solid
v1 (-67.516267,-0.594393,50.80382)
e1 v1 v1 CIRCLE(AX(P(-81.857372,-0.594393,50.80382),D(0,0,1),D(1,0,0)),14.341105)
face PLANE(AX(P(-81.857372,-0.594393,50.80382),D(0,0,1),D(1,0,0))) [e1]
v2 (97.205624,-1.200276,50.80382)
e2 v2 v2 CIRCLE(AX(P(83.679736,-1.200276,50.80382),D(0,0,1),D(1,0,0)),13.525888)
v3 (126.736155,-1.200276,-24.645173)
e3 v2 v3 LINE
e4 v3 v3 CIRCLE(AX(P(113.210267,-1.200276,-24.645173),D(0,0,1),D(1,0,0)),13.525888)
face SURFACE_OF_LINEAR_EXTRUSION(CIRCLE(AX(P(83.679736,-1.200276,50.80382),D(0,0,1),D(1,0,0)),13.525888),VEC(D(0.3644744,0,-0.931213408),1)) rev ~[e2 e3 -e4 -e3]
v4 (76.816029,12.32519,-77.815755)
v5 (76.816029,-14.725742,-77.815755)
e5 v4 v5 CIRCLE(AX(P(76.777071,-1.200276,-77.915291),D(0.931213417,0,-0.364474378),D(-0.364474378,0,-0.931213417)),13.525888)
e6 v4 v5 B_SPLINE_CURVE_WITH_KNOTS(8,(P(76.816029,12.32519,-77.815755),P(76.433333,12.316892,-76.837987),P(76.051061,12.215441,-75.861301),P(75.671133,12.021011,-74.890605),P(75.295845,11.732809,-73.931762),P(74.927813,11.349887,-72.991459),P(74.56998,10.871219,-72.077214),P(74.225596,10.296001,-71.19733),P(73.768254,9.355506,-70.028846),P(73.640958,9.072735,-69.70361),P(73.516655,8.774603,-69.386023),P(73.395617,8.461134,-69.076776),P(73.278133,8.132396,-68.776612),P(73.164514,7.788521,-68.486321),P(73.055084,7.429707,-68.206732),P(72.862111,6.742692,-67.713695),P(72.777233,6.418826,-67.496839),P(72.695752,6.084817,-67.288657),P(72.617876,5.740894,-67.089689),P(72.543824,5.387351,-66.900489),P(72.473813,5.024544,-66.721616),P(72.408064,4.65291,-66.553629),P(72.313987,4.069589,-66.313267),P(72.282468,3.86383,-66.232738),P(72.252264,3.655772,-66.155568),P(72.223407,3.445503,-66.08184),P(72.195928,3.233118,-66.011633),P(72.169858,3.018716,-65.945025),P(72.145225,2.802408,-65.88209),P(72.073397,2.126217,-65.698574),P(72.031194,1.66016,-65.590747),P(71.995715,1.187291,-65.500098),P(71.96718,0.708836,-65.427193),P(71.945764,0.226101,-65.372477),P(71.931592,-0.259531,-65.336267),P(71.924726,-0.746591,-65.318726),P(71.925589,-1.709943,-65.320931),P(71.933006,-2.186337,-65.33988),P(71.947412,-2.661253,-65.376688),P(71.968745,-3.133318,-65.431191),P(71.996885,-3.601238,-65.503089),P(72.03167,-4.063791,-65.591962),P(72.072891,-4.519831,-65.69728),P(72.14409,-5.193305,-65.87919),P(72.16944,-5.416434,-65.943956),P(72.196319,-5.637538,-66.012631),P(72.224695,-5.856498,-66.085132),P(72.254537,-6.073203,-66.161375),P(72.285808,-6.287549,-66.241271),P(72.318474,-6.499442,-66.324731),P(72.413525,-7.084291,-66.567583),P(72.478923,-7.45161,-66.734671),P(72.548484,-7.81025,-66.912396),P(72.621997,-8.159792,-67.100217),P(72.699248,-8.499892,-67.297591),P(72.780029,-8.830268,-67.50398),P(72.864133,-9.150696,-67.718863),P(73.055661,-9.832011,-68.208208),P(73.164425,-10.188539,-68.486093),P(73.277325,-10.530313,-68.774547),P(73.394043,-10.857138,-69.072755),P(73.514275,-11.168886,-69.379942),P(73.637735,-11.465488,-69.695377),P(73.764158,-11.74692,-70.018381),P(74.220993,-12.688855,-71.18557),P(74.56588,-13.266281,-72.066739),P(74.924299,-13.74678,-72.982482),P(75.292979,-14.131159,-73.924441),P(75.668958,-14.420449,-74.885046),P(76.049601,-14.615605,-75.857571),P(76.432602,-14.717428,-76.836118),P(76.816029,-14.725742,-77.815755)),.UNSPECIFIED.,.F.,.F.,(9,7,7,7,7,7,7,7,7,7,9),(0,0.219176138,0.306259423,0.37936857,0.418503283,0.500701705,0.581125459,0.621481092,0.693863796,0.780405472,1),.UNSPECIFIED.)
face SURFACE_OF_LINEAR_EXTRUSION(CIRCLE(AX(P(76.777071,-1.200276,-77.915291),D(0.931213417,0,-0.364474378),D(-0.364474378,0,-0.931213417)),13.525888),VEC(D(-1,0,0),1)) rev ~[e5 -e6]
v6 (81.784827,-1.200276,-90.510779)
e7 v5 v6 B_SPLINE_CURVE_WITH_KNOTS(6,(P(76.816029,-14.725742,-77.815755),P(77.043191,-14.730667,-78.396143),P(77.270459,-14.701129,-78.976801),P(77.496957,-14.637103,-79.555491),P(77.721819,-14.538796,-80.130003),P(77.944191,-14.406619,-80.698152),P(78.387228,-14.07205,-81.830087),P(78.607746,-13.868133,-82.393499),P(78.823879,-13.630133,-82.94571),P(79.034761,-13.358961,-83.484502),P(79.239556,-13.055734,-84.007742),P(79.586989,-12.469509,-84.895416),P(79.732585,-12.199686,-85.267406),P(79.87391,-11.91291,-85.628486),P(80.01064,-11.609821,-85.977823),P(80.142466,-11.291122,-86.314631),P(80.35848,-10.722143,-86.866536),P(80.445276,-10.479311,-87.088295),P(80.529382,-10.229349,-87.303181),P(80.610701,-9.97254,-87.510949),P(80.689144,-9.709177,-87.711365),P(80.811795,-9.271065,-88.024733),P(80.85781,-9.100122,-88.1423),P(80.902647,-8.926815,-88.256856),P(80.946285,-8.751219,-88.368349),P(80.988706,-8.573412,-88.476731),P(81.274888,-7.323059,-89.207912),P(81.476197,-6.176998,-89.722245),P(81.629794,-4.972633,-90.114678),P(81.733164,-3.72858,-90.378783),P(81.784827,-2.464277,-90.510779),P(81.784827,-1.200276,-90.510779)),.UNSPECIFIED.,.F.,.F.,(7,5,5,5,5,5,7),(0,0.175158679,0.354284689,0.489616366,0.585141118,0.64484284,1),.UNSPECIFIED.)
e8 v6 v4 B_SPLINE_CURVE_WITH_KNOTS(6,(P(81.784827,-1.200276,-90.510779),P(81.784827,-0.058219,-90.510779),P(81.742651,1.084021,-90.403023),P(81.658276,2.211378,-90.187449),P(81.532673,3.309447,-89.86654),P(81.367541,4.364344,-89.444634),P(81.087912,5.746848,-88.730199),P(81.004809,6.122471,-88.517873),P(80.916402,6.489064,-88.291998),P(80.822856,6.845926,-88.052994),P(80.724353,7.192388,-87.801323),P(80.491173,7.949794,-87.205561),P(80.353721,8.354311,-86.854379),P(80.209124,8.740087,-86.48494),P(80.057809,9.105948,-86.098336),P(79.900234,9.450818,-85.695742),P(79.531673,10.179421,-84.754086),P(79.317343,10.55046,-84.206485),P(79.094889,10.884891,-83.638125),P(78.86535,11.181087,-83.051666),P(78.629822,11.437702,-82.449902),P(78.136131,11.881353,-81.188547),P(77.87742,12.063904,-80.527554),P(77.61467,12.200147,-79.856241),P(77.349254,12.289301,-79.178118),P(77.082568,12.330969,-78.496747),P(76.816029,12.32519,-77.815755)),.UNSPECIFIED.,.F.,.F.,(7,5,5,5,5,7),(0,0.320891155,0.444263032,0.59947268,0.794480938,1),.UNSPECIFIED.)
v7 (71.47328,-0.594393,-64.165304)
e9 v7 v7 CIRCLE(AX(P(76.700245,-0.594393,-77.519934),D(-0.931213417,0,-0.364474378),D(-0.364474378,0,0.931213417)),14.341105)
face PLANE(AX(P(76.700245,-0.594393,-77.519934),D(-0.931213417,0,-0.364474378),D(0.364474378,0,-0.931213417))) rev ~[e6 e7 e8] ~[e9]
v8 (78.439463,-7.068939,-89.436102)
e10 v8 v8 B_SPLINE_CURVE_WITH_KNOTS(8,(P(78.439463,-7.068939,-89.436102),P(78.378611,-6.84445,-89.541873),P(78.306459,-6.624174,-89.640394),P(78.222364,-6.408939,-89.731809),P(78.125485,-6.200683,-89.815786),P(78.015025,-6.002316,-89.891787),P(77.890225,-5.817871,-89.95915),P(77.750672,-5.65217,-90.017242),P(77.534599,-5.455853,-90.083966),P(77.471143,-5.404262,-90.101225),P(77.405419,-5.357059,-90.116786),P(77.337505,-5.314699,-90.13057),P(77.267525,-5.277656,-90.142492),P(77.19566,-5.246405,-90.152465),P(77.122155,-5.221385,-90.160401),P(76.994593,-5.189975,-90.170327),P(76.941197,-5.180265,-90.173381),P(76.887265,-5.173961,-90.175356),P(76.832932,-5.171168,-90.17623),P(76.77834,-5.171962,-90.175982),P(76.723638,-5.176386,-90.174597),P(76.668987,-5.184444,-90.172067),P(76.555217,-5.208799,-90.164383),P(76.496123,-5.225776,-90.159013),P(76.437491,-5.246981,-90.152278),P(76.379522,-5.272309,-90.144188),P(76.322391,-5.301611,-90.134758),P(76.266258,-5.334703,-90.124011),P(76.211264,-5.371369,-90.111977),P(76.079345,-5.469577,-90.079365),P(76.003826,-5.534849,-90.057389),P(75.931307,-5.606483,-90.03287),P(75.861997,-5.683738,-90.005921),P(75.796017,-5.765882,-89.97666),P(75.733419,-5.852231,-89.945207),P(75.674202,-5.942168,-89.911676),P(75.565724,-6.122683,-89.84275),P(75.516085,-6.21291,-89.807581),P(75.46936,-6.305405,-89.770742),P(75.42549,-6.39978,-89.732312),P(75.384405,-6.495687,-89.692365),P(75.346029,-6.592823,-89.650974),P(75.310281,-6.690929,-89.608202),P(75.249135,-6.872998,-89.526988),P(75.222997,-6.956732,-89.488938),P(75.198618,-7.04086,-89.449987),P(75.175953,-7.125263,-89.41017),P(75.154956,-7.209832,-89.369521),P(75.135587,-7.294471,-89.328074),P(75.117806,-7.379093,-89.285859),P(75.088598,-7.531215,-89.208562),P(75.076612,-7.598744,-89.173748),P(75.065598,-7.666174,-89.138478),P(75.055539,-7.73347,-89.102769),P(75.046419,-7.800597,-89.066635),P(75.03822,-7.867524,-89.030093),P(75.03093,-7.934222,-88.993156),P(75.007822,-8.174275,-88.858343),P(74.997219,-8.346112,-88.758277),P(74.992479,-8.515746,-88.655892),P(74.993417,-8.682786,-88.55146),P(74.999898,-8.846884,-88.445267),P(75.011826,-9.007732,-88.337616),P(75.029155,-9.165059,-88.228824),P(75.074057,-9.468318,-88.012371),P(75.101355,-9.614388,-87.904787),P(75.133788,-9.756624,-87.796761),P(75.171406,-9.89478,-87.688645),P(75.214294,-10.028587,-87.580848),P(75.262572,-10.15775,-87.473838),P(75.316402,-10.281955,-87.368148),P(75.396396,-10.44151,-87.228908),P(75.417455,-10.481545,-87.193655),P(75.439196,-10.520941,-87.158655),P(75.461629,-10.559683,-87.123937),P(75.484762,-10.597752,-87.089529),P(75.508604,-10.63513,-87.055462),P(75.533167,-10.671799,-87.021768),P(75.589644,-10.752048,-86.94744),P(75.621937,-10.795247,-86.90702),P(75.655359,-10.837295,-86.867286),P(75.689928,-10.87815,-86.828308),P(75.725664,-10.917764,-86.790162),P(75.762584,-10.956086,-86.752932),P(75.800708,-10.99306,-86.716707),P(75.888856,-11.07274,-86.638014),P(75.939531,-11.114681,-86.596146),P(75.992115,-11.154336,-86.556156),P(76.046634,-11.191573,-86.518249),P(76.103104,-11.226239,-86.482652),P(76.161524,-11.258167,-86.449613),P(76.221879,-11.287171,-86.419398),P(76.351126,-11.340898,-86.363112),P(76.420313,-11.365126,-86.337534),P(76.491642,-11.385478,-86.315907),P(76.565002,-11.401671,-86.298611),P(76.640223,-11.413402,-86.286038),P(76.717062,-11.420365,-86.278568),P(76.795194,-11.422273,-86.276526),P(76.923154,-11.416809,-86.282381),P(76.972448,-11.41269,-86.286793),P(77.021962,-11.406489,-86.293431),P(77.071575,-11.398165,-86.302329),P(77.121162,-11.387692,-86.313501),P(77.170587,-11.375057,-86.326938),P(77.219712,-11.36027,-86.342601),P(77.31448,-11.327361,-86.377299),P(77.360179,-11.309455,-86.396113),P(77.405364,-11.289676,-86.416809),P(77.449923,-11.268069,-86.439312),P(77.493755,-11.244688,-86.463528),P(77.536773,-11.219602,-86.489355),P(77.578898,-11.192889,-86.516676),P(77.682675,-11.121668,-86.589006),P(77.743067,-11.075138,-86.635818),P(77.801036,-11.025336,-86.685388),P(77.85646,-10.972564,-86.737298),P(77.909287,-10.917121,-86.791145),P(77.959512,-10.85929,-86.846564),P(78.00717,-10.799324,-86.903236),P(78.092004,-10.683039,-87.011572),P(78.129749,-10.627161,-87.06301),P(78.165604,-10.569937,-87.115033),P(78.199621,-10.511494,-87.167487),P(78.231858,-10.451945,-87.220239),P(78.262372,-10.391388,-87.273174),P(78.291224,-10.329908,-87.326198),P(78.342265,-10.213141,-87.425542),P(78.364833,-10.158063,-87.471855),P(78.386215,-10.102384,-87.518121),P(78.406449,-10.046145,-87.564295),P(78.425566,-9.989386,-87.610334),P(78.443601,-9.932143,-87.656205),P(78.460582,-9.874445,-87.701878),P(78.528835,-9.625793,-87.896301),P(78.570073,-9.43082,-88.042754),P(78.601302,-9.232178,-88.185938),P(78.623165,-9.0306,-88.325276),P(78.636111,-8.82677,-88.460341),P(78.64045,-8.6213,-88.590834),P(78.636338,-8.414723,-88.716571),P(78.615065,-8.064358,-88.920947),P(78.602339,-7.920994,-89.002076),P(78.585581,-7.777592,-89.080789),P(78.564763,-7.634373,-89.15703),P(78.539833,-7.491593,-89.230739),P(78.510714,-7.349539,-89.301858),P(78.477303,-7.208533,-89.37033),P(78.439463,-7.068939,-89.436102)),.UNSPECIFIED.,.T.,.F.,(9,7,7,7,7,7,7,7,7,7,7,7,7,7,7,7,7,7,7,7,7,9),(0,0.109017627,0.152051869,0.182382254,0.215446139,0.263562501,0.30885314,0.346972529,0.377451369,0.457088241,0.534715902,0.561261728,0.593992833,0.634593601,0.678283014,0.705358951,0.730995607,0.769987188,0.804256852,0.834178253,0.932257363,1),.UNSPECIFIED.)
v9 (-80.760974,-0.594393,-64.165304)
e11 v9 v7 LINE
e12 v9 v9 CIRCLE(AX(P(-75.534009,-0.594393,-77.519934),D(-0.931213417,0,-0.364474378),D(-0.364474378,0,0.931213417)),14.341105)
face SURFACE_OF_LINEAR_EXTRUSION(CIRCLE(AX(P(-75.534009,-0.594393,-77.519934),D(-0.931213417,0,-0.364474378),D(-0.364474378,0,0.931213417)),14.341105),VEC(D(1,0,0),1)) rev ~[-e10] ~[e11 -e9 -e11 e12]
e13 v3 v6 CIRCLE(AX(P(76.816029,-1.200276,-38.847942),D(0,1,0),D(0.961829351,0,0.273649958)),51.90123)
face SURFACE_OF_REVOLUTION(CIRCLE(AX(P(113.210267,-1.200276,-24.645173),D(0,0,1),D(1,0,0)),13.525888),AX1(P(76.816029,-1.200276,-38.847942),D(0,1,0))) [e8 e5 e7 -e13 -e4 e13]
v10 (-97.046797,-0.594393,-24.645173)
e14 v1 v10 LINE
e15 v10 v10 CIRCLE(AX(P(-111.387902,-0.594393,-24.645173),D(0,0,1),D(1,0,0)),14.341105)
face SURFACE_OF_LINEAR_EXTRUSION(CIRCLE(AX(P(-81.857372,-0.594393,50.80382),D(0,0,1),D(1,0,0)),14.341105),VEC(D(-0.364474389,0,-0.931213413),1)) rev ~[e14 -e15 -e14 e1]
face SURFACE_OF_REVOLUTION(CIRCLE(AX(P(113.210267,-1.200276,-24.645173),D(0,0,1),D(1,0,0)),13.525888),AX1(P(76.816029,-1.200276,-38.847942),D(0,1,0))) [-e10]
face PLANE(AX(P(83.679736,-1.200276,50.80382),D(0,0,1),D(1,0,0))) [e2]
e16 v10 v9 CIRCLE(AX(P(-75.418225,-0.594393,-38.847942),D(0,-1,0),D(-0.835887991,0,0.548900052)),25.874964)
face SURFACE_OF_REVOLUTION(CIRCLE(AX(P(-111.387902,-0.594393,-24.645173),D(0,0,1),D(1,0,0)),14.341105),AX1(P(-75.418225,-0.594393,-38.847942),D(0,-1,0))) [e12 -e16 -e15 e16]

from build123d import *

# Parameters (mm, degrees)
F3_R = 13.525888
F6_R = 14.341105


with BuildPart() as f4:
    # F4: sweep along a path in F0
    with BuildLine(Plane.XZ) as f4_path:
        Line((83.572848, 50.80382), (113.103379, -24.645173))
        ThreePointArc((113.103379, -24.645173), (109.002527, -60.814275), (76.816029, -77.815755))
        Line((76.816029, -77.815755), (-75.418225, -77.815755))
    # F3 (on face) → F4 (sweep)
    with BuildSketch(Plane.XY.offset(50.80382)):
        with Locations((83.679736, -1.200276)):
            Circle(F3_R)
    sweep(path=f4_path.line)

    # F7: sweep along a path in F0
    with BuildLine(Plane.XZ) as f7_path:
        Line((-82.175045, 50.80382), (-111.705575, -24.645173))
        ThreePointArc((-111.705575, -24.645173), (-107.604723, -60.814275), (-75.418225, -77.815755))
        Line((-75.418225, -77.815755), (76.816029, -77.815755))
    # F6 (on face) → F7 (sweep)
    with BuildSketch(Plane.XY.offset(50.80382)):
        with Locations((-81.857372, -0.594393)):
            Circle(F6_R)
    sweep(path=f7_path.line)


solid = f4.part
